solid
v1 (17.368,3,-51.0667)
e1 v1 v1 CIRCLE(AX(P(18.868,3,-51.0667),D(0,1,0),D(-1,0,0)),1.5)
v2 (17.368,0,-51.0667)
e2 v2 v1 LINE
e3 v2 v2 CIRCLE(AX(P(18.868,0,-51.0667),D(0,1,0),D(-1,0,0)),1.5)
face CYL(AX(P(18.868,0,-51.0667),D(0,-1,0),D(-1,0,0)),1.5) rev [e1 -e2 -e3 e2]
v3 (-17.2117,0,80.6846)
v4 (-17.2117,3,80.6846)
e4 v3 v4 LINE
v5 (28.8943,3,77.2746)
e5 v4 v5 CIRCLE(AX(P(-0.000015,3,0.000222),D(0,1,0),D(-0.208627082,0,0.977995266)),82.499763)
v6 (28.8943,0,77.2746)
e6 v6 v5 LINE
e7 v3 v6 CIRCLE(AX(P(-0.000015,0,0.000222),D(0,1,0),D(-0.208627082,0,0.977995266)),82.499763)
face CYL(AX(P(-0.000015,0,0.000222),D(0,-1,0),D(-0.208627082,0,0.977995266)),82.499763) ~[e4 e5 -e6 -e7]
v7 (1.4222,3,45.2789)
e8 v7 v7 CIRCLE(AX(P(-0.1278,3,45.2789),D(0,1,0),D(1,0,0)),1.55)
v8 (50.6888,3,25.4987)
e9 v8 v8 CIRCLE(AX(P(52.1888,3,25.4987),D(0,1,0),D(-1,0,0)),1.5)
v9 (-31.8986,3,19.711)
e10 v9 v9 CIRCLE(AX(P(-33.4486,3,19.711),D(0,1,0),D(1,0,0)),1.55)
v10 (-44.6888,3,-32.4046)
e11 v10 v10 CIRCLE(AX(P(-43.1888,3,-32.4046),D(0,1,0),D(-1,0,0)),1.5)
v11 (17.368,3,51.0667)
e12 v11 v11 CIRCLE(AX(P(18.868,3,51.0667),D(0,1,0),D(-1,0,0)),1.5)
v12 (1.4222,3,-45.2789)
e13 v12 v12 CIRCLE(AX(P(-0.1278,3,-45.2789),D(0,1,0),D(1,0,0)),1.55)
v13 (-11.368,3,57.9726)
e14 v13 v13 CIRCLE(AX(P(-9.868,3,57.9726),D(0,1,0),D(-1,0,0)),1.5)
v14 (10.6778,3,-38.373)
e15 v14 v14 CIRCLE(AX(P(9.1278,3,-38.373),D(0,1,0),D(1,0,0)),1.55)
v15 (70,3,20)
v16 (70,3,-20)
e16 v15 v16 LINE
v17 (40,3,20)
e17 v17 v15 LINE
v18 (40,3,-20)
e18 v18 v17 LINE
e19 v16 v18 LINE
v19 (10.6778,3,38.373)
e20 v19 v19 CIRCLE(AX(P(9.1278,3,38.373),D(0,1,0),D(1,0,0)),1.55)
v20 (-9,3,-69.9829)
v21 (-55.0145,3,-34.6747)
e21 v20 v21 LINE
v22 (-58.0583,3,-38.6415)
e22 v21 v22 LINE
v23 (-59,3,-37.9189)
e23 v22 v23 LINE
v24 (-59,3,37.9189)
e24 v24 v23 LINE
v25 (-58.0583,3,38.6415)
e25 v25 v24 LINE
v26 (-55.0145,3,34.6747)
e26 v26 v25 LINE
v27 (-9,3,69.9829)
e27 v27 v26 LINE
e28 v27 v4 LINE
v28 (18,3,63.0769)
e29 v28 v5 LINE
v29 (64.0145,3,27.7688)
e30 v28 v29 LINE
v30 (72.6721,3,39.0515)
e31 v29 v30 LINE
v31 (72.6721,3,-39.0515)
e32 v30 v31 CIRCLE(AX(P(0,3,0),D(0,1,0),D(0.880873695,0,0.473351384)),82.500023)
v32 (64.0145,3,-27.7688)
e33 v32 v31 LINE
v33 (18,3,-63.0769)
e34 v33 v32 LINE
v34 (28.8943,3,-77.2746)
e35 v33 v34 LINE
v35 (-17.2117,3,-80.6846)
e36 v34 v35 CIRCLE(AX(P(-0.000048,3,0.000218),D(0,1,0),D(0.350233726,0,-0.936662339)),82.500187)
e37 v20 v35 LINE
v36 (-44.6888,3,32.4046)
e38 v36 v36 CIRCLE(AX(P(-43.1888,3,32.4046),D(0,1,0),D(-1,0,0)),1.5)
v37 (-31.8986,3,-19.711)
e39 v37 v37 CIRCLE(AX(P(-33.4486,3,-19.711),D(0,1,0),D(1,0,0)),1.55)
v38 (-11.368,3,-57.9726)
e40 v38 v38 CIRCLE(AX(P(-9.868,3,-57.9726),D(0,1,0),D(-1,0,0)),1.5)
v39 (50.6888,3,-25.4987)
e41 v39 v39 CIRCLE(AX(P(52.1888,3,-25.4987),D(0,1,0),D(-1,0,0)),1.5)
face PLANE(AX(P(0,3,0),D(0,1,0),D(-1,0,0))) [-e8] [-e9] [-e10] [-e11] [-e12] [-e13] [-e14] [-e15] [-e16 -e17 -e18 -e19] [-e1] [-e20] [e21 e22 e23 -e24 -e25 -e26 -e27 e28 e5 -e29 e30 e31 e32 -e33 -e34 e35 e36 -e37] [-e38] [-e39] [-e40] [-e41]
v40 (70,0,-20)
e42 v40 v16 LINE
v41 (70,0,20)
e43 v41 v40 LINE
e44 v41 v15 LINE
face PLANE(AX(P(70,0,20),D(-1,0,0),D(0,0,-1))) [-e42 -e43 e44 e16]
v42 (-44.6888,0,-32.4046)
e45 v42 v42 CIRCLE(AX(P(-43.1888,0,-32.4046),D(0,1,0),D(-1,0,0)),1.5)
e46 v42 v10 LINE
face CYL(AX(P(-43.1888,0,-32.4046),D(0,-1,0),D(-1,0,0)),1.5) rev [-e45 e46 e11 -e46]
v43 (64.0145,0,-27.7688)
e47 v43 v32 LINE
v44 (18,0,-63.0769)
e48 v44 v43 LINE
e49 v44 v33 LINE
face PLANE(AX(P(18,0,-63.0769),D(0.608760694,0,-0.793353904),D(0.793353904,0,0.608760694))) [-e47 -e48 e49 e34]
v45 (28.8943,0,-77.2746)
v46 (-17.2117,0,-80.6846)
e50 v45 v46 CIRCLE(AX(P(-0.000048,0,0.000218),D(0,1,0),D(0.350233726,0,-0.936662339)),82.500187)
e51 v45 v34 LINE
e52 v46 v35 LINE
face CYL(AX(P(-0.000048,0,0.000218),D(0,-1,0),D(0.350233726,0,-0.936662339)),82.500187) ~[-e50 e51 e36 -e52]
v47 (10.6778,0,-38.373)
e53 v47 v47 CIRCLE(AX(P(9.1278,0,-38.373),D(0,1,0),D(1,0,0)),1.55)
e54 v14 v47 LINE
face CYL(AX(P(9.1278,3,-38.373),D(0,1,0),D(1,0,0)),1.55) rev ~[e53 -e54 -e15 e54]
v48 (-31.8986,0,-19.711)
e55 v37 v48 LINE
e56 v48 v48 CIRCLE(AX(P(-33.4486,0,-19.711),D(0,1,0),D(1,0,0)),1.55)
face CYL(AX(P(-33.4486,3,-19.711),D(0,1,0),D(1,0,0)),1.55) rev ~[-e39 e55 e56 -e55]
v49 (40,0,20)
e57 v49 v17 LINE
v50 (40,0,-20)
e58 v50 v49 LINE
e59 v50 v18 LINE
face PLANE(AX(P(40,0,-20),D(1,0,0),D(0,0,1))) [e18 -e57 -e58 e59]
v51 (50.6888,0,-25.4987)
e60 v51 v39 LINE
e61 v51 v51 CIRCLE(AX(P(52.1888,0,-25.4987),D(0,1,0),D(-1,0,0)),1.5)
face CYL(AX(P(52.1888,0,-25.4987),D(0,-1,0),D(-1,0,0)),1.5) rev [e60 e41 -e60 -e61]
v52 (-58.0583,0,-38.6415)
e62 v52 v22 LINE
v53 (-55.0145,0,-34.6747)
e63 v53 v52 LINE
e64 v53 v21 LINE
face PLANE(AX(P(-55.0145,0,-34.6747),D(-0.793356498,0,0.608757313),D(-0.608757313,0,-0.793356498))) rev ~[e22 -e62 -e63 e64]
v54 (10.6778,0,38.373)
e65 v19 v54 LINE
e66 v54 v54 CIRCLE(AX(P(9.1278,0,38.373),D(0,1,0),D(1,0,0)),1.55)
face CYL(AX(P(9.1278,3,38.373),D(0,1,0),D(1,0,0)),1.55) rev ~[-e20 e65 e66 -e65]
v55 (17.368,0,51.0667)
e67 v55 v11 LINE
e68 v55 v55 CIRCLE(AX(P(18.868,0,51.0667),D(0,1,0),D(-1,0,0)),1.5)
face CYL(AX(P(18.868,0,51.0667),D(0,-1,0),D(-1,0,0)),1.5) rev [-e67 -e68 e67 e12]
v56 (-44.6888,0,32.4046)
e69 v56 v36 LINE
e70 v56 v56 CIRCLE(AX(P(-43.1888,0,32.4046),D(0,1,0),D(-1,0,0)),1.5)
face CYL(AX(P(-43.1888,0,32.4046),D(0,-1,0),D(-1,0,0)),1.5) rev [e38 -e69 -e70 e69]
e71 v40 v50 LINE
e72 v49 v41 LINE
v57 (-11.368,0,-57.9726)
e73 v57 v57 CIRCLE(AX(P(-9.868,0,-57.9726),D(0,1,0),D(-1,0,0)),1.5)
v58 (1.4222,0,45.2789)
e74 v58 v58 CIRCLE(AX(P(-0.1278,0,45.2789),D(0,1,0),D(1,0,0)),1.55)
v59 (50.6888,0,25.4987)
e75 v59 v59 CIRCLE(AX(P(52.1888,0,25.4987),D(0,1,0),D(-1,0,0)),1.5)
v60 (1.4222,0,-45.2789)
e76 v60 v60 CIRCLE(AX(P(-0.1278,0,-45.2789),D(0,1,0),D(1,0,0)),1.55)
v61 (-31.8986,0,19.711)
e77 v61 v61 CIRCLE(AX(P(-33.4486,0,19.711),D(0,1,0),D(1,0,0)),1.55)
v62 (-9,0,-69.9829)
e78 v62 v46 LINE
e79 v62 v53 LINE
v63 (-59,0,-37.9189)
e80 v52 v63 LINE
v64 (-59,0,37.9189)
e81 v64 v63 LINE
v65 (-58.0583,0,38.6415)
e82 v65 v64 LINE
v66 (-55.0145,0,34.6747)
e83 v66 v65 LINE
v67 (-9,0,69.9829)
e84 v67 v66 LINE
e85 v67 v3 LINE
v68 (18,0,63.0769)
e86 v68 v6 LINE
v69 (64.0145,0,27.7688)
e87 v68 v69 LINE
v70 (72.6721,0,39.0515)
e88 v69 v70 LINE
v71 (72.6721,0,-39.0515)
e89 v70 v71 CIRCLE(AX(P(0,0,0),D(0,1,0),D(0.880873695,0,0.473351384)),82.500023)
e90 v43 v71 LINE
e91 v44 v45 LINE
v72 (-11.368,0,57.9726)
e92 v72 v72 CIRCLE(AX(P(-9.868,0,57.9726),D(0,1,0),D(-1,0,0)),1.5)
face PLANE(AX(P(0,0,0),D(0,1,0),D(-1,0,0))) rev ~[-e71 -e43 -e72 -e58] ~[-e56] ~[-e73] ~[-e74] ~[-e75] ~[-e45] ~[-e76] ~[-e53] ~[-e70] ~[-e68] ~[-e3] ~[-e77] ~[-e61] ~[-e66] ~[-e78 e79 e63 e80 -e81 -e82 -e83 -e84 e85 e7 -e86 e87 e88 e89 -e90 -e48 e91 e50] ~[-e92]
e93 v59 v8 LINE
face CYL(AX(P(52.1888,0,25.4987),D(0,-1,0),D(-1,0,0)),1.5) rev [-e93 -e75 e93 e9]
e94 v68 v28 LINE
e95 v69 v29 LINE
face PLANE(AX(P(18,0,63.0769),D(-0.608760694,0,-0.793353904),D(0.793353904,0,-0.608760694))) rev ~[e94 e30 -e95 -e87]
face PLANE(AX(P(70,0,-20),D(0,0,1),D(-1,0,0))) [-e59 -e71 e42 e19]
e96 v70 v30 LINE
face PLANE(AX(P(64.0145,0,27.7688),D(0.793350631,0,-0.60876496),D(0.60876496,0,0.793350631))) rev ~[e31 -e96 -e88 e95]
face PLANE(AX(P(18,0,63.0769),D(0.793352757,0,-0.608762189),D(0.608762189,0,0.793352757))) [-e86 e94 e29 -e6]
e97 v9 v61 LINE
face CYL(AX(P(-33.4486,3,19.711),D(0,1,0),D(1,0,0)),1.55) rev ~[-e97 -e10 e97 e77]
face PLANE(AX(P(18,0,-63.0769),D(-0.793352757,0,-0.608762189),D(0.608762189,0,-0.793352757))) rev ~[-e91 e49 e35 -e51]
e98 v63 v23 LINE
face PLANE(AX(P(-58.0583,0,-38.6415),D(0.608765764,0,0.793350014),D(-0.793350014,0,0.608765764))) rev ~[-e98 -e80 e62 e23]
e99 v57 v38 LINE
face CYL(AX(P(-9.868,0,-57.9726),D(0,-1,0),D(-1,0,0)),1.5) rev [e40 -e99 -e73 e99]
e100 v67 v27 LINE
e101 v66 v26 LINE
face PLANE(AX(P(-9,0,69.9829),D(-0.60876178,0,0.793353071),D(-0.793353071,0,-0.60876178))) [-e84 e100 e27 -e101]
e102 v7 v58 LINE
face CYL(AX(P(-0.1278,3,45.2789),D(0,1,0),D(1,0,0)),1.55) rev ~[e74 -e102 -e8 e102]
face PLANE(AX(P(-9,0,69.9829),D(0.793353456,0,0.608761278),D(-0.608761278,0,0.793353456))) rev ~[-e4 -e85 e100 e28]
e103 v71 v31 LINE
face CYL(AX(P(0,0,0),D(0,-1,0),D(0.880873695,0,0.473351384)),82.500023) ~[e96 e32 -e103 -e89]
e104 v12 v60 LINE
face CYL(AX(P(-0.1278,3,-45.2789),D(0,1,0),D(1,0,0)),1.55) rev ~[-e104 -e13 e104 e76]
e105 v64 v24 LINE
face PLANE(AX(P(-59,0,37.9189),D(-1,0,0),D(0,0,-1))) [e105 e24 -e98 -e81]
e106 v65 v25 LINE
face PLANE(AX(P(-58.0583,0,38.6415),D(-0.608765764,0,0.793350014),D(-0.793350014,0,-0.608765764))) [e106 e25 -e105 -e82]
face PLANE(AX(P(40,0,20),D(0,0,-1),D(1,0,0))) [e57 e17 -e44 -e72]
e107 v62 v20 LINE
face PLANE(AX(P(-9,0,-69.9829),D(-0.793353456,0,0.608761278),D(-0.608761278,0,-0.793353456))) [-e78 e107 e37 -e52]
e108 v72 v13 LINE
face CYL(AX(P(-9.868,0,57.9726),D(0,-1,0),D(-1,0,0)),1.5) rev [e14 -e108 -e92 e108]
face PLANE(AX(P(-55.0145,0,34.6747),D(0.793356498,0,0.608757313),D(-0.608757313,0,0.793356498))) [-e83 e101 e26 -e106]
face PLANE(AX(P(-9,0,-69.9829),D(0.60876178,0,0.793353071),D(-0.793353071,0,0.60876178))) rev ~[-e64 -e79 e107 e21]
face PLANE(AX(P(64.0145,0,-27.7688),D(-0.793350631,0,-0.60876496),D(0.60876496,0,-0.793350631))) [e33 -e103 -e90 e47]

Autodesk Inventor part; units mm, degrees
ref_plane "YZ Plane" through (0, 0, 0) normal (1, 0, 0) x (0, 1, 0)
ref_plane "XZ Plane" through (0, 0, 0) normal (0, 1, 0) x (-1, 0, 0)
ref_plane "XY Plane" through (0, 0, 0) normal (0, 0, 1) x (1, 0, 0)
sketch "Boceto1" plane through (0, 0, 0) normal (0, 1, 0) x (-1, 0, 0)
  line L0 (0, 0) -> (0, -52.2241) construction
  line L1 (0, 0) -> (0, 54.663) construction
  line L2 (0, 0) -> (-57.9564, 0) construction
  line L3 (0, 0) -> (56.3387, 0) construction
  line L4 (-70, -20) -> (-40, -20)
  line L5 (-40, -20) -> (-40, 20)
  line L6 (-40, 20) -> (-70, 20)
  line L7 (-70, 20) -> (-70, -20)
  line L8 (-70, -20) -> (-40, 20) construction
  line L9 (-40, -20) -> (-70, 20) construction
  line L10 (-18, 63.0769) -> (-64.0145, 27.7688)
  line L11 (9, 69.9829) -> (55.0145, 34.6747)
  line L12 (9, 69.9829) -> (17.2117, 80.6846)
  line L13 (-18, 63.0769) -> (-28.8943, 77.2746)
  line L14 (-64.0145, 27.7688) -> (-72.6721, 39.0515)
  line L15 (-18, -63.0769) -> (-64.0145, -27.7688)
  line L16 (9, -69.9829) -> (55.0145, -34.6747)
  line L17 (9, -69.9829) -> (17.2117, -80.6846)
  line L18 (-18, -63.0769) -> (-28.8943, -77.2746)
  line L19 (-64.0145, -27.7688) -> (-72.6721, -39.0515)
  arc A0 (-72.6721, 39.0515) -> (-72.6721, -39.0515) centre (0, 0) ccw
  arc A1 (17.2117, 80.6846) -> (-28.8943, 77.2746) centre (0, 0) ccw
  arc A2 (-28.8943, -77.2746) -> (17.2117, -80.6846) centre (0, 0) ccw
  line L20 (59, 37.9189) -> (59, -37.9189)
  line L21 (58.0583, 38.6415) -> (59, 37.9189)
  line L22 (55.0145, 34.6747) -> (58.0583, 38.6415)
  line L23 (58.0583, -38.6415) -> (59, -37.9189)
  line L24 (55.0145, -34.6747) -> (58.0583, -38.6415)
  circle A3 centre (-18.868, 51.0667) radius 1.5
  circle A4 centre (-52.1888, 25.4987) radius 1.5
  line L25 (-41.0072, 45.4229) -> (-35.5284, 38.2827) construction
  line L26 (-18.868, 51.0667) -> (-52.1888, 25.4987) construction
  line L27 (32.0072, 52.3288) -> (22.9685, 40.5493) construction
  circle A5 centre (9.868, 57.9726) radius 1.5
  circle A6 centre (43.1888, 32.4046) radius 1.5
  circle A7 centre (-18.868, -51.0667) radius 1.5
  circle A8 centre (-52.1888, -25.4987) radius 1.5
  circle A9 centre (9.868, -57.9726) radius 1.5
  circle A10 centre (43.1888, -32.4046) radius 1.5
  line L28 (43.1888, 32.4046) -> (9.868, 57.9726) construction
  point P0 (-55, 0)
  point P1 (-70, 0)
  point P2 (26.5284, 45.1886)
  dimension "d1" = 30
  dimension "d2" = 40
  dimension "d3" = 70
  dimension "d9" = 52.5
  dimension "d10" = 52.5
  dimension "d11" = 61
  dimension "d12" = 61
  dimension "d13" = 58
  dimension "d17" = 90
  dimension "d18" = 9
  dimension "d19" = 18
  dimension "d20" = 58
  dimension "d21" = 90
  dimension "d22" = 90
  dimension "d23" = 82.5
  dimension "d24" = 82.5
  dimension "d26" = 59
  dimension "d27" = 5
  dimension "d28" = 5
  dimension "d29" = 3
  dimension "d30" = 3
  dimension "d31" = 42
  dimension "d32" = 9
  dimension "d37" = 90
  dimension "d38" = 3
  dimension "d39" = 3
  dimension "d40" = 42
  dimension "d41" = 9
extrude "Extrusión1" add sketch "Boceto1" along normal blind 3
sketch "Boceto2" plane through (0, 3, 0) normal (0, 1, 0) x (1, 0, 0)
  line L0 (-55.0145, -34.6747) -> (-9, -69.9829) projected
  line L1 (-32.0072, -52.3288) -> (-0.1642, -10.8301) construction
  circle A0 centre (-33.4486, -19.711) radius 1.55
  circle A1 centre (-0.1278, -45.2789) radius 1.55
  line L2 (-33.4486, -19.711) -> (-0.1278, -45.2789) construction
  circle A2 centre (-43.1888, -32.4046) radius 1.5 construction
  line L3 (18, -63.0769) -> (64.0145, -27.7688) projected
  line L4 (41.0072, -45.4229) -> (14.3892, -10.7335) construction
  circle A3 centre (9.1278, -38.373) radius 1.55
  circle A4 centre (42.4486, -12.805) radius 1.55
  line L5 (42.4486, -12.805) -> (9.1278, -38.373) construction
  circle A5 centre (18.868, -51.0667) radius 1.5 construction
  line L6 (-59, 37.9189) -> (-59, -37.9189) construction
  line L7 (-59, 0) -> (115.874, 0) construction
  circle A6 centre (-33.4486, 19.711) radius 1.55
  circle A7 centre (-0.1278, 45.2789) radius 1.55
  circle A8 centre (9.1278, 38.373) radius 1.55
  circle A9 centre (42.4486, 12.805) radius 1.55
  point P0 (0, 0)
  dimension "d44" = 3.1
  dimension "d45" = 3.1
  dimension "d46" = 21
  dimension "d47" = 42
  dimension "d48" = 16
  dimension "d51" = 16
  dimension "d52" = 21
  dimension "d53" = 42
extrude "Extrusión2" cut sketch "Boceto2" against normal blind 10
properties part number "newbasecentral"
